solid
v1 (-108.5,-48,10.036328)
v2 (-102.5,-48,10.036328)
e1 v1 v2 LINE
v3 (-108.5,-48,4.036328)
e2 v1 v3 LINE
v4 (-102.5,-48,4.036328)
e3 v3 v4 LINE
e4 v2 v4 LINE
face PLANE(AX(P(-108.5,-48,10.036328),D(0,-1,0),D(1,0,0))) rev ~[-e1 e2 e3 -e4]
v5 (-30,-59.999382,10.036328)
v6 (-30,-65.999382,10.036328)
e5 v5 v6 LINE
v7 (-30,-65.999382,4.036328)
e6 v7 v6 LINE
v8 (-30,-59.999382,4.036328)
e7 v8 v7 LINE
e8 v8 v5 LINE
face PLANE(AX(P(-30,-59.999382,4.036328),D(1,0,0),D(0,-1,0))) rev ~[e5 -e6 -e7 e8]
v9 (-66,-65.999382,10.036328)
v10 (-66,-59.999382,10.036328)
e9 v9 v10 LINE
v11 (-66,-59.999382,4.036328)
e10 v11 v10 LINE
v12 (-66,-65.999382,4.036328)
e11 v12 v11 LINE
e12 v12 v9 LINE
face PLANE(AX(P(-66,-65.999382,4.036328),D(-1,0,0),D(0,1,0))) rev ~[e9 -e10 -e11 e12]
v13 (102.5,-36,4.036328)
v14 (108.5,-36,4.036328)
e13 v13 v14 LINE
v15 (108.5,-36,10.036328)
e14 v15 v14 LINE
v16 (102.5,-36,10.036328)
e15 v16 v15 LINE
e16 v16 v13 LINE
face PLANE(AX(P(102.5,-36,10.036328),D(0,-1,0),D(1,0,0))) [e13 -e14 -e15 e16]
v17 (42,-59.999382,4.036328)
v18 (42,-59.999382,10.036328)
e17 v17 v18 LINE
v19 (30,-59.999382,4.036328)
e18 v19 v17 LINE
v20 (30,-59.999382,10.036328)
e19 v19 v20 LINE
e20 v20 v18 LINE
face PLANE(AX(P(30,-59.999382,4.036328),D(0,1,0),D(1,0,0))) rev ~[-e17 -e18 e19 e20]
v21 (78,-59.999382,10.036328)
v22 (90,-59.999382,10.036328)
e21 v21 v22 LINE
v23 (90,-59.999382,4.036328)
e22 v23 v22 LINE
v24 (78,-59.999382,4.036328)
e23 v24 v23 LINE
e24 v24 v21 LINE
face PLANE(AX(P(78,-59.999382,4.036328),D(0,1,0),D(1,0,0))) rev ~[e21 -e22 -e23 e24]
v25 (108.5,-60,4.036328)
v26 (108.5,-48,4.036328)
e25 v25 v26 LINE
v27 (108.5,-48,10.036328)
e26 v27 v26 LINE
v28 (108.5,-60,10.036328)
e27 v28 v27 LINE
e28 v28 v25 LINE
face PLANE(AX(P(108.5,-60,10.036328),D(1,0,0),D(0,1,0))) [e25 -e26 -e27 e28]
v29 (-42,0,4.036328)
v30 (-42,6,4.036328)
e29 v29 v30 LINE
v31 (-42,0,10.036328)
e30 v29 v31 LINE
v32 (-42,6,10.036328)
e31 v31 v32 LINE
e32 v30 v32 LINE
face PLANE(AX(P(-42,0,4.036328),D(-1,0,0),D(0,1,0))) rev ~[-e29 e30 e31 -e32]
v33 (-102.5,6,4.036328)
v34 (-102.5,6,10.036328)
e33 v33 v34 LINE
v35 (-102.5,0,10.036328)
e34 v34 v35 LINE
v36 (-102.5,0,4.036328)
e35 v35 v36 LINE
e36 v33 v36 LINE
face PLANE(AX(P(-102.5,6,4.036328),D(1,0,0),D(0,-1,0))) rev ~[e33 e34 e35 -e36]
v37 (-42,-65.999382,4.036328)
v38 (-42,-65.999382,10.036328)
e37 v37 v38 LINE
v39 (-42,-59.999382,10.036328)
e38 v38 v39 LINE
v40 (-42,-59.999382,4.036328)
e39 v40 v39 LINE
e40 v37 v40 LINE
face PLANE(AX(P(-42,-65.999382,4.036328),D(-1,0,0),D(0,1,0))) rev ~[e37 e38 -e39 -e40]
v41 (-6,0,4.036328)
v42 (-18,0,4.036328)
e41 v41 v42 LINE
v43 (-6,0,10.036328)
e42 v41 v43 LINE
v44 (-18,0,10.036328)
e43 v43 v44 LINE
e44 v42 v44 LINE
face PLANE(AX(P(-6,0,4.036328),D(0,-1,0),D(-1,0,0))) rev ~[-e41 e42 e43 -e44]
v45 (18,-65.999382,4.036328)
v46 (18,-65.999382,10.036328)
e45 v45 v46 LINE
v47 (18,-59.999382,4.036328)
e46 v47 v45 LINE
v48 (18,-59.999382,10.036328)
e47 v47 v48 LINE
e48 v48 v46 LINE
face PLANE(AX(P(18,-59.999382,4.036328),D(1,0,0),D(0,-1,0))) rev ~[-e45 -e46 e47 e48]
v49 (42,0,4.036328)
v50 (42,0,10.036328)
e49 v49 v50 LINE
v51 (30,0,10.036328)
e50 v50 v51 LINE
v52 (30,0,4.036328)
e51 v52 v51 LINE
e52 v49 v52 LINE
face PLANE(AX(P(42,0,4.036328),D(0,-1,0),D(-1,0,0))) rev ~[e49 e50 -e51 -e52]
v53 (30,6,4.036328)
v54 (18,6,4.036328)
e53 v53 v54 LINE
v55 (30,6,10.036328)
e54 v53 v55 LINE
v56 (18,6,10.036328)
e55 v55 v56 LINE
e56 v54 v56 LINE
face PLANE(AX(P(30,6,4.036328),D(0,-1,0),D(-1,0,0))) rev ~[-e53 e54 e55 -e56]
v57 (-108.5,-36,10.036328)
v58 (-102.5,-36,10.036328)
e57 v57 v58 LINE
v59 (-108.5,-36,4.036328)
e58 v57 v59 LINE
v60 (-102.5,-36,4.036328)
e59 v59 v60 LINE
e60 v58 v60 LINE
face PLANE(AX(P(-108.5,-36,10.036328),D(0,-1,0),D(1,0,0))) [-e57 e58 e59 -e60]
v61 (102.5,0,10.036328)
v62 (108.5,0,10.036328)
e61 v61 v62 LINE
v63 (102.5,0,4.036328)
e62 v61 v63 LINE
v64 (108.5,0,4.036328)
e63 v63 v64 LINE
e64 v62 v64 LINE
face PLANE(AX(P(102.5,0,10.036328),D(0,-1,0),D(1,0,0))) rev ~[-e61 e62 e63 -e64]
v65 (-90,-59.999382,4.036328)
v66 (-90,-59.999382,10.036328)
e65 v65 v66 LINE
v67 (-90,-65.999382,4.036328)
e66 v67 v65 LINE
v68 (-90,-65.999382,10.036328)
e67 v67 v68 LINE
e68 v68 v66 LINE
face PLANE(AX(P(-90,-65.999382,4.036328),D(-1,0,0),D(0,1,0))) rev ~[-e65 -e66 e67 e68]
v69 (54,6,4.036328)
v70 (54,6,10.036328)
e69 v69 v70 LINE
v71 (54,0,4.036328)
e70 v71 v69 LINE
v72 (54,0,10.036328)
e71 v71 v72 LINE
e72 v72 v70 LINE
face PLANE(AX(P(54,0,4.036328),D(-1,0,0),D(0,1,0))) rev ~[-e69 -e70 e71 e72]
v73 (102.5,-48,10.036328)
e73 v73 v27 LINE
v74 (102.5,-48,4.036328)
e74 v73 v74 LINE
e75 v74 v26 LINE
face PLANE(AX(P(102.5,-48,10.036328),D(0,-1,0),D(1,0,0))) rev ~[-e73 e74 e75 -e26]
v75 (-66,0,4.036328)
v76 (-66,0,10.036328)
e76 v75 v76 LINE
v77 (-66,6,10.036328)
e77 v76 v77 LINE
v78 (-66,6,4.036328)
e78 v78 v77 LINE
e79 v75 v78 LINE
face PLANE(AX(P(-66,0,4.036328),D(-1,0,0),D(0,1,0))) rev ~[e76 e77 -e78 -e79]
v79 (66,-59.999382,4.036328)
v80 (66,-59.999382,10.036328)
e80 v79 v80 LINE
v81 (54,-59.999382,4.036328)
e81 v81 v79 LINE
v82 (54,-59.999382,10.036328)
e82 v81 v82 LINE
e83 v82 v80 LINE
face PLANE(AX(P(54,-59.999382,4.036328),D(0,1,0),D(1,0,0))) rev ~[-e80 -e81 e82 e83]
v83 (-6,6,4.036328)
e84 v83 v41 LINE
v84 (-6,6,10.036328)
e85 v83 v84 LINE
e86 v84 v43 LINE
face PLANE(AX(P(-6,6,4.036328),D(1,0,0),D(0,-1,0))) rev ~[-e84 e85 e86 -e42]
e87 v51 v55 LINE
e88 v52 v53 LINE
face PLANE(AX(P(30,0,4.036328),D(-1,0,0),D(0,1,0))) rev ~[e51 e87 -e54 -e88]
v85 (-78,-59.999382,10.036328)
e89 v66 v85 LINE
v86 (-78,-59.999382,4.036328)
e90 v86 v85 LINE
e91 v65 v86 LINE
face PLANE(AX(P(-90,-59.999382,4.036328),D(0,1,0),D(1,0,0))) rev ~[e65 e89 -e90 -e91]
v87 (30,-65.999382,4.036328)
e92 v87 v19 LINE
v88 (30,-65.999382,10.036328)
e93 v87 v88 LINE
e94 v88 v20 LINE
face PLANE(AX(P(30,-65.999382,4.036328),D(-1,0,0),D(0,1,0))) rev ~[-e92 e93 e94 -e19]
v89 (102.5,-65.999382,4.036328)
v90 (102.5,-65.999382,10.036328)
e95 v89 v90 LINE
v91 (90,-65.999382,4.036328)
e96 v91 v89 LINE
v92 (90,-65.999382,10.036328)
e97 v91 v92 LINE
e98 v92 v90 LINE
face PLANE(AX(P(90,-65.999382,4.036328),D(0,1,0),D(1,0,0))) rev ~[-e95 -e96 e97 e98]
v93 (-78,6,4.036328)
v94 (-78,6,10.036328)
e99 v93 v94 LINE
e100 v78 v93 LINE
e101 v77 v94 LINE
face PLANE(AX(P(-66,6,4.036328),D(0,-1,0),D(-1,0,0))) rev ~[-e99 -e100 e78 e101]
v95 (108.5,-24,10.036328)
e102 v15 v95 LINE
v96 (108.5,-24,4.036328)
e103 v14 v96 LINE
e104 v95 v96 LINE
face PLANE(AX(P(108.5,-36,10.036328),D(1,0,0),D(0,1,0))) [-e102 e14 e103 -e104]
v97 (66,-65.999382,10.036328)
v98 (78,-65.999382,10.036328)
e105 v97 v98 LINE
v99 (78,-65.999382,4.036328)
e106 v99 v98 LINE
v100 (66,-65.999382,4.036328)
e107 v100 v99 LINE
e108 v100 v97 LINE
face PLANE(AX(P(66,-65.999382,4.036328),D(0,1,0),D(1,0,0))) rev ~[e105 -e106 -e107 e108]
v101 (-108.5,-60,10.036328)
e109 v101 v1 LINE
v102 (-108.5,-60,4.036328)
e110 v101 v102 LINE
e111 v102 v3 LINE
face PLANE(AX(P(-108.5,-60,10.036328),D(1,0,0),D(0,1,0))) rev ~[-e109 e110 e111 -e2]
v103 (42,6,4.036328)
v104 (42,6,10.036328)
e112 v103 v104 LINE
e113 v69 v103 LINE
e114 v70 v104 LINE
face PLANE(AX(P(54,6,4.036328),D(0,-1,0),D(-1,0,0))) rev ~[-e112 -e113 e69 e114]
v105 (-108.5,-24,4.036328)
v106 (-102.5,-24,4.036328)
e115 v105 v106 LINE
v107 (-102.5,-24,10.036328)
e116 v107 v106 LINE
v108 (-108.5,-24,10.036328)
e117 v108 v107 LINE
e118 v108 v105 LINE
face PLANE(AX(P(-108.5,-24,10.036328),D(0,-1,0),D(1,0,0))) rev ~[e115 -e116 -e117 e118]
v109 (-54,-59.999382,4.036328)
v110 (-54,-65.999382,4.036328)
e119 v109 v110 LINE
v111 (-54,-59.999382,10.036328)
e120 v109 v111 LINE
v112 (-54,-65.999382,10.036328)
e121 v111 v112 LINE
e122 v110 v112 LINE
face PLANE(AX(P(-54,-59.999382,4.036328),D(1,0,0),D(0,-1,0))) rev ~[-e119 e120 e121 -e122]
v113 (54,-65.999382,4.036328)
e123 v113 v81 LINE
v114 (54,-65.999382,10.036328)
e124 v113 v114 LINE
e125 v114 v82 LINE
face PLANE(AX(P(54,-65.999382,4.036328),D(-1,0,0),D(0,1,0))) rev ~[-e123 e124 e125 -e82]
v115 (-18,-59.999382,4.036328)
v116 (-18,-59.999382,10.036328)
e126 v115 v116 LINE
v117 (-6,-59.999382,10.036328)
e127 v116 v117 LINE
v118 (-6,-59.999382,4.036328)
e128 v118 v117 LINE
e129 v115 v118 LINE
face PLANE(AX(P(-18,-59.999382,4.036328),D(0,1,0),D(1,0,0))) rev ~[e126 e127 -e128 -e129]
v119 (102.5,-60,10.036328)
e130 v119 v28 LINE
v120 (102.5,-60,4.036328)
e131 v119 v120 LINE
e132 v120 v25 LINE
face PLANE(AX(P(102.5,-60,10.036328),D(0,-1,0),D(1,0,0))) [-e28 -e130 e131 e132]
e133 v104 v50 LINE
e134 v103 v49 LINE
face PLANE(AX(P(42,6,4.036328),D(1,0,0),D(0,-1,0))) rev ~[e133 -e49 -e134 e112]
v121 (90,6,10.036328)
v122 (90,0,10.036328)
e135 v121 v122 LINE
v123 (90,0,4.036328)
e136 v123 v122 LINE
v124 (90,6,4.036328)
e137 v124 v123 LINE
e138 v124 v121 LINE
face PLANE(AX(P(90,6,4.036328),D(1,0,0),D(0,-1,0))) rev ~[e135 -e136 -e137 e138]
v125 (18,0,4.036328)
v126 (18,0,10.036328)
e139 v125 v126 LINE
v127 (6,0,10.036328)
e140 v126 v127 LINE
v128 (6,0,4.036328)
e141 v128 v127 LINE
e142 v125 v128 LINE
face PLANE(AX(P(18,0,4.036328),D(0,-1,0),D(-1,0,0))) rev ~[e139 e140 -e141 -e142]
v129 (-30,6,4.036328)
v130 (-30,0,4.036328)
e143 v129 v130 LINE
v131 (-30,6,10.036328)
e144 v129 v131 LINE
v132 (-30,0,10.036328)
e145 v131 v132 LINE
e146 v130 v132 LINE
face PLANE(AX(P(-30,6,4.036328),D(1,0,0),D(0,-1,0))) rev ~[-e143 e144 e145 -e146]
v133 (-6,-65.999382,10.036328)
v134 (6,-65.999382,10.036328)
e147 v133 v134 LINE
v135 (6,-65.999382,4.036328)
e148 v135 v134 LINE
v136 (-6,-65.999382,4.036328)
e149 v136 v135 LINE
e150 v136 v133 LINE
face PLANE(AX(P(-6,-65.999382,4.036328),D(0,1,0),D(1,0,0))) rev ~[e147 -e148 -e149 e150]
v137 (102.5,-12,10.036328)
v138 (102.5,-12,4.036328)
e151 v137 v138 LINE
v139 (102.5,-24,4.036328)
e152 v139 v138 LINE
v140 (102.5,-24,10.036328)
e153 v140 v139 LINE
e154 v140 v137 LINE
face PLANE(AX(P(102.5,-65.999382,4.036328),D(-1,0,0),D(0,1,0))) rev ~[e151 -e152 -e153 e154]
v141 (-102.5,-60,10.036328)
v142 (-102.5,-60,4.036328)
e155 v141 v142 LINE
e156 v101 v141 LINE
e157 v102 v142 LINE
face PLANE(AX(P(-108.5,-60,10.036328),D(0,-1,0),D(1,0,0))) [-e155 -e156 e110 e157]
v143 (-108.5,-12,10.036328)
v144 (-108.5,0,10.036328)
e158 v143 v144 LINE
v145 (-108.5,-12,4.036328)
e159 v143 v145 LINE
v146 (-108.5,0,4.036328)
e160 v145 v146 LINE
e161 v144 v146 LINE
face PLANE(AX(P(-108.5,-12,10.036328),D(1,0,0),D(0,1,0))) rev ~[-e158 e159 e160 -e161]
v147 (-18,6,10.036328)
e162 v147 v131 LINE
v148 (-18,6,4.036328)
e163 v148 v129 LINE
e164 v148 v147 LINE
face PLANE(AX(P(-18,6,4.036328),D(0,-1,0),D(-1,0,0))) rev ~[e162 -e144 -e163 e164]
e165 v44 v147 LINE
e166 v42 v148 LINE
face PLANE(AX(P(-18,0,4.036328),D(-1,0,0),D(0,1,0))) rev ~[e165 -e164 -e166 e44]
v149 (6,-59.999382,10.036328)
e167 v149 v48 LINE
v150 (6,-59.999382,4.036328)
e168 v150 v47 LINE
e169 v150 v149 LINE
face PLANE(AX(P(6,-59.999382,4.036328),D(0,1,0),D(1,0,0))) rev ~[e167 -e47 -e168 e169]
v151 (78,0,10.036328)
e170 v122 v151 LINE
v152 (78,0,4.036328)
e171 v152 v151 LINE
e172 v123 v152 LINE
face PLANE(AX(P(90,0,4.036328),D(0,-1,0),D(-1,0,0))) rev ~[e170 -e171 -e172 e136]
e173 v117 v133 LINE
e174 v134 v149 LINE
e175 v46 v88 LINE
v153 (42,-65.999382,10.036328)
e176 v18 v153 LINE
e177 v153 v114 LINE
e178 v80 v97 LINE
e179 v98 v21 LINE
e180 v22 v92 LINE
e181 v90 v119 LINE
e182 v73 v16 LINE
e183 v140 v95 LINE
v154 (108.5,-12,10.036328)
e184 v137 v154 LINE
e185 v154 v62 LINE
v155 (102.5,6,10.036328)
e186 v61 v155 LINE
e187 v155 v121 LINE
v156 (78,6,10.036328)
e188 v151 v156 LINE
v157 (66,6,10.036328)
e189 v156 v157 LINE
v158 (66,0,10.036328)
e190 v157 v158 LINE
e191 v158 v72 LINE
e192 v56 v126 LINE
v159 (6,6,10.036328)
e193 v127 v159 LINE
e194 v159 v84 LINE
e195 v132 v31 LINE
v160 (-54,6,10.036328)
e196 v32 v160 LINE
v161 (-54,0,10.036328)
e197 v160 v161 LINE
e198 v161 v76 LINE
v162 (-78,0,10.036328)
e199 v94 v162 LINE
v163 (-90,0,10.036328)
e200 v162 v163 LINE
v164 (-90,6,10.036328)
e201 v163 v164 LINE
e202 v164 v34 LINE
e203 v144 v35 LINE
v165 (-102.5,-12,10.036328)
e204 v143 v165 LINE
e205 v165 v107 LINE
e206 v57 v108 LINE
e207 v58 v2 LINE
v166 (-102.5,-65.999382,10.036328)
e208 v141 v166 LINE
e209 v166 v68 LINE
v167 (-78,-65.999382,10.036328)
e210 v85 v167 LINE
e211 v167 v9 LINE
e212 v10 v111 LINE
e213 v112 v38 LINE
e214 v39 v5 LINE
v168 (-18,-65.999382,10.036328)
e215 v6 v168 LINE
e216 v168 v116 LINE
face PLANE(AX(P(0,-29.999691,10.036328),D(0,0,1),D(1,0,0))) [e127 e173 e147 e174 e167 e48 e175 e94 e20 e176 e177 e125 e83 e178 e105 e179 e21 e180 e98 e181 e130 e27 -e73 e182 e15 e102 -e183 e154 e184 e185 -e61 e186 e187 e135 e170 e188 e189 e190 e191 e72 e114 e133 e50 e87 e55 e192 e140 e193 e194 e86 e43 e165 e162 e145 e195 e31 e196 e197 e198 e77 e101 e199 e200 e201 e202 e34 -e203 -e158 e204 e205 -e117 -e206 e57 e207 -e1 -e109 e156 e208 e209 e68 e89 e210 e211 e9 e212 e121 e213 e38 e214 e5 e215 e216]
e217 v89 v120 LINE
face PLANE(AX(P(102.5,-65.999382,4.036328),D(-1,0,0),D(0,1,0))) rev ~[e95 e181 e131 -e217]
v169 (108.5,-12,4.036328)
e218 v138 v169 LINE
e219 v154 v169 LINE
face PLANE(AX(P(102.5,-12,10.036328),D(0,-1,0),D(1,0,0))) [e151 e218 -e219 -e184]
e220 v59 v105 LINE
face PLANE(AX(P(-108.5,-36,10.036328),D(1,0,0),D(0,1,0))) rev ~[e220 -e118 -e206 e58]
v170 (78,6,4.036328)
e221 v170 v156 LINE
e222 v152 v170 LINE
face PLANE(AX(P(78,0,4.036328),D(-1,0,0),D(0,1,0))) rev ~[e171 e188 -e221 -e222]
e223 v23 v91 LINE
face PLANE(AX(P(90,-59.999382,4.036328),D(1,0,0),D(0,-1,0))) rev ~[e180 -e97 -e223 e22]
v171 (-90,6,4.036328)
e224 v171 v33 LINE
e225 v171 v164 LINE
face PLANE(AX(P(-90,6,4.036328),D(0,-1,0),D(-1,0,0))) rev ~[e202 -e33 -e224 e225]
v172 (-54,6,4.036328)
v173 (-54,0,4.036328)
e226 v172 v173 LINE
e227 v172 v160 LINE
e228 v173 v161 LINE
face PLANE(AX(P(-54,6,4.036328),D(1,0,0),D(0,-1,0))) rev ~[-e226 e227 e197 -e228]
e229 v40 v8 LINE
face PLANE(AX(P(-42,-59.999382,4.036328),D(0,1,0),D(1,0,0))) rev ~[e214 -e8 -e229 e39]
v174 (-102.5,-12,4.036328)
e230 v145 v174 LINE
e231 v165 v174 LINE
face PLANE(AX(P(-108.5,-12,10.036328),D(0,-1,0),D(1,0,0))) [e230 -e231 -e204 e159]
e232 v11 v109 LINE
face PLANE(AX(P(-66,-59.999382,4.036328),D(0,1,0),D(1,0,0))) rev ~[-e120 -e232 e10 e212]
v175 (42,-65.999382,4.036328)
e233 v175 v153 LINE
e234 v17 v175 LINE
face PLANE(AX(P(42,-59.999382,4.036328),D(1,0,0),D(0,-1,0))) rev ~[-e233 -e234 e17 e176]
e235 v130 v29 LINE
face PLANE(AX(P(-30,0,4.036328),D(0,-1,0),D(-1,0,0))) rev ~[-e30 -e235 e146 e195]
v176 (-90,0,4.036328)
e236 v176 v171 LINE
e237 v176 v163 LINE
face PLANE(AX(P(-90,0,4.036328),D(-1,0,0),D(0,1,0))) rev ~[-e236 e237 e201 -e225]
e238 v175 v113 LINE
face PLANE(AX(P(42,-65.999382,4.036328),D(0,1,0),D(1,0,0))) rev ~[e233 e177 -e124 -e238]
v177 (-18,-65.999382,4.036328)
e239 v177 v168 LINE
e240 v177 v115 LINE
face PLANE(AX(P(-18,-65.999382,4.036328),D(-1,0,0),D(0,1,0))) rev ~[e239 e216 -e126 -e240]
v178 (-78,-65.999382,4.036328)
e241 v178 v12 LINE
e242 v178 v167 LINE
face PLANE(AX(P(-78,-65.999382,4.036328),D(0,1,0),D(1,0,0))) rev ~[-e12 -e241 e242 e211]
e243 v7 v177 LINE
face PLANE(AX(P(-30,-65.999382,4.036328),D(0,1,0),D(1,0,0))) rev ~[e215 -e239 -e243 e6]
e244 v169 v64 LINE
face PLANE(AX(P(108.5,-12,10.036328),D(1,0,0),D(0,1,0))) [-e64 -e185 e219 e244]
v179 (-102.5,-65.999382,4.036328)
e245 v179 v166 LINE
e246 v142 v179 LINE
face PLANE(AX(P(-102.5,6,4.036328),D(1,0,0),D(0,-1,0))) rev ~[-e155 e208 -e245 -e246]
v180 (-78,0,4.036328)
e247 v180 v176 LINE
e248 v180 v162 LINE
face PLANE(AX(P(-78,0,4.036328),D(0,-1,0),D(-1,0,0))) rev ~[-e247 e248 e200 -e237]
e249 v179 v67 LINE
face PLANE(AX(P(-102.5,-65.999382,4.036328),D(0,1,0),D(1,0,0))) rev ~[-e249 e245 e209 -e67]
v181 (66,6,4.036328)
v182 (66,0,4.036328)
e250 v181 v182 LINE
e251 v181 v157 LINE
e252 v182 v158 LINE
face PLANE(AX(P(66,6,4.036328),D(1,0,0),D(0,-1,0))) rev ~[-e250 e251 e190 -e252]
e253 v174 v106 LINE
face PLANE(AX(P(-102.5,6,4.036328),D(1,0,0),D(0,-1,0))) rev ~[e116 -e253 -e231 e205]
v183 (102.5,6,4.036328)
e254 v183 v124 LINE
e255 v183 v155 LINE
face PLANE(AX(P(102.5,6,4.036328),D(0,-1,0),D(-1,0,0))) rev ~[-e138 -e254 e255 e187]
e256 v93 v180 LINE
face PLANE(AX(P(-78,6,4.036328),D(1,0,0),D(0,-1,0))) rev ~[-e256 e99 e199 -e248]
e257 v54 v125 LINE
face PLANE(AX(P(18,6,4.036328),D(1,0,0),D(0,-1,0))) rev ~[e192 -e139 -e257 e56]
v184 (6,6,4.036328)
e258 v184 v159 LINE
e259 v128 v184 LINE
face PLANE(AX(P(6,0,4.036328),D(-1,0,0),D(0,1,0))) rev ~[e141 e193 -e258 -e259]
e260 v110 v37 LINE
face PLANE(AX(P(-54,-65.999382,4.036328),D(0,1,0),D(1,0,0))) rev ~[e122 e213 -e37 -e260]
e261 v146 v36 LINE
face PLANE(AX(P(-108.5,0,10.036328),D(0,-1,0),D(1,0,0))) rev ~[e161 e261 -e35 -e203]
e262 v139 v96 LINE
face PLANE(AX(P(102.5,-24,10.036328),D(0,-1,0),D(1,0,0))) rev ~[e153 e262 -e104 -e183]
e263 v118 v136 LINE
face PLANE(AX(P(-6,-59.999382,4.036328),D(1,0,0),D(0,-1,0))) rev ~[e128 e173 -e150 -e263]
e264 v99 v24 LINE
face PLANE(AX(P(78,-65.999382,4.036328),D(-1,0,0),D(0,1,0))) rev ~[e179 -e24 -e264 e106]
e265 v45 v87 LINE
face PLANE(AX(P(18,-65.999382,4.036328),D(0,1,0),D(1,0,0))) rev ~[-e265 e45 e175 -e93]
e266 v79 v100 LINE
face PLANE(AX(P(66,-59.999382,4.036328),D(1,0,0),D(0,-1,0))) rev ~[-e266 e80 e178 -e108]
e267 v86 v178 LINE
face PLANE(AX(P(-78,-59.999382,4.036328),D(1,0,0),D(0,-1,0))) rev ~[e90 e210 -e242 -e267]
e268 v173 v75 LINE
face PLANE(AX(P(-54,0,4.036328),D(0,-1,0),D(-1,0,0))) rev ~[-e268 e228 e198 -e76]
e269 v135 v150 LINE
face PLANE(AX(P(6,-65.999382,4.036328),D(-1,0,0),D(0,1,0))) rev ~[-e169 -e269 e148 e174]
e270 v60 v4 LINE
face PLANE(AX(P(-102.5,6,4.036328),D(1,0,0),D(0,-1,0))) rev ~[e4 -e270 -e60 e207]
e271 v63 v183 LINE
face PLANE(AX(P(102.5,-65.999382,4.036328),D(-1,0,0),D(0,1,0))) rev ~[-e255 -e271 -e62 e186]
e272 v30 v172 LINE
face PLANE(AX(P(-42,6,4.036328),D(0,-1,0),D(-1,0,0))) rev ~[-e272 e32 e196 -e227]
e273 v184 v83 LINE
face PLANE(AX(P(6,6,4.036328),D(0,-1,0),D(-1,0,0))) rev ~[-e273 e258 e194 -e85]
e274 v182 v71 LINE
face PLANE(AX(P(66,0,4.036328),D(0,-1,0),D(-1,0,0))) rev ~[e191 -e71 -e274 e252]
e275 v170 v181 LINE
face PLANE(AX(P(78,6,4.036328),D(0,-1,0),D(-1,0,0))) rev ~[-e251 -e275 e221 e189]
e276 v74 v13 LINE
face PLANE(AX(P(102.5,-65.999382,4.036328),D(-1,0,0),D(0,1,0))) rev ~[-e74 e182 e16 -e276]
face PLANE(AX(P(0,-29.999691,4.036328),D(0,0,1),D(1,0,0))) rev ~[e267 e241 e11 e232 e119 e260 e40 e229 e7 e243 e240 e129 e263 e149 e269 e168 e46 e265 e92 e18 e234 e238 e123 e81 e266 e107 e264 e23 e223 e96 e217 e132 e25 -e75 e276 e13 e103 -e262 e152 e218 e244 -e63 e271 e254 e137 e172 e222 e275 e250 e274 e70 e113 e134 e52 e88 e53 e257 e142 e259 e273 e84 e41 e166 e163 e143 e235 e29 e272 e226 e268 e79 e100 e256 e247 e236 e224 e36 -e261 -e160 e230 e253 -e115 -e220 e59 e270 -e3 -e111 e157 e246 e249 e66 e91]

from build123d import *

# Parameters (mm, degrees)
BOSS_EXTRUDE1_DEPTH = 6
SKETCH3_W           = 6
SKETCH3_H           = 12
BOSS_EXTRUDE2_DEPTH = 6


with BuildPart() as part:
    # Sketch2 → Boss-Extrude1 (new body)
    with BuildSketch(Plane.XY.offset(4.036328051)):
        Polygon((-66, 6), (-78, 6), (-78, 0), (-90, 0), (-90, 6), (-102.5, 6), (-102.5, -65.99938194), (-90, -65.99938194), (-90, -59.99938194), (-78, -59.99938194), (-78, -65.99938194), (-66, -65.99938194), (-66, -59.99938194), (-54, -59.99938194), (-54, -65.99938194), (-42, -65.99938194), (-42, -59.99938194), (-30, -59.99938194), (-30, -65.99938194), (-18, -65.99938194), (-18, -59.99938194), (-6, -59.99938194), (-6, -65.99938194), (6, -65.99938194), (6, -59.99938194), (18, -59.99938194), (18, -65.99938194), (30, -65.99938194), (30, -59.99938194), (42, -59.99938194), (42, -65.99938194), (54, -65.99938194), (54, -59.99938194), (66, -59.99938194), (66, -65.99938194), (78, -65.99938194), (78, -59.99938194), (90, -59.99938194), (90, -65.99938194), (102.5, -65.99938194), (102.5, 6), (90, 6), (90, 0), (78, 0), (78, 6), (66, 6), (66, 0), (54, 0), (54, 6), (42, 6), (42, 0), (30, 0), (30, 6), (18, 6), (18, 0), (6, 0), (6, 6), (-6, 6), (-6, 0), (-18, 0), (-18, 6), (-30, 6), (-30, 0), (-42, 0), (-42, 6), (-54, 6), (-54, 0), (-66, 0), align=None)
    extrude(amount=BOSS_EXTRUDE1_DEPTH)

    # Sketch3 → Boss-Extrude2 (add)
    with BuildSketch(Plane.XY.offset(10.036328051)):
        with Locations((-105.5, -6)):
            Rectangle(SKETCH3_W, SKETCH3_H)
        with Locations((105.5, -6)):
            Rectangle(SKETCH3_W, SKETCH3_H)
        with Locations((105.5, -30)):
            Rectangle(SKETCH3_W, SKETCH3_H)
        with Locations((105.5, -54)):
            Rectangle(SKETCH3_W, SKETCH3_H)
        with Locations((-105.5, -30)):
            Rectangle(SKETCH3_W, SKETCH3_H)
        with Locations((-105.5, -54)):
            Rectangle(SKETCH3_W, SKETCH3_H)
    extrude(amount=-BOSS_EXTRUDE2_DEPTH)


solid = part.part
